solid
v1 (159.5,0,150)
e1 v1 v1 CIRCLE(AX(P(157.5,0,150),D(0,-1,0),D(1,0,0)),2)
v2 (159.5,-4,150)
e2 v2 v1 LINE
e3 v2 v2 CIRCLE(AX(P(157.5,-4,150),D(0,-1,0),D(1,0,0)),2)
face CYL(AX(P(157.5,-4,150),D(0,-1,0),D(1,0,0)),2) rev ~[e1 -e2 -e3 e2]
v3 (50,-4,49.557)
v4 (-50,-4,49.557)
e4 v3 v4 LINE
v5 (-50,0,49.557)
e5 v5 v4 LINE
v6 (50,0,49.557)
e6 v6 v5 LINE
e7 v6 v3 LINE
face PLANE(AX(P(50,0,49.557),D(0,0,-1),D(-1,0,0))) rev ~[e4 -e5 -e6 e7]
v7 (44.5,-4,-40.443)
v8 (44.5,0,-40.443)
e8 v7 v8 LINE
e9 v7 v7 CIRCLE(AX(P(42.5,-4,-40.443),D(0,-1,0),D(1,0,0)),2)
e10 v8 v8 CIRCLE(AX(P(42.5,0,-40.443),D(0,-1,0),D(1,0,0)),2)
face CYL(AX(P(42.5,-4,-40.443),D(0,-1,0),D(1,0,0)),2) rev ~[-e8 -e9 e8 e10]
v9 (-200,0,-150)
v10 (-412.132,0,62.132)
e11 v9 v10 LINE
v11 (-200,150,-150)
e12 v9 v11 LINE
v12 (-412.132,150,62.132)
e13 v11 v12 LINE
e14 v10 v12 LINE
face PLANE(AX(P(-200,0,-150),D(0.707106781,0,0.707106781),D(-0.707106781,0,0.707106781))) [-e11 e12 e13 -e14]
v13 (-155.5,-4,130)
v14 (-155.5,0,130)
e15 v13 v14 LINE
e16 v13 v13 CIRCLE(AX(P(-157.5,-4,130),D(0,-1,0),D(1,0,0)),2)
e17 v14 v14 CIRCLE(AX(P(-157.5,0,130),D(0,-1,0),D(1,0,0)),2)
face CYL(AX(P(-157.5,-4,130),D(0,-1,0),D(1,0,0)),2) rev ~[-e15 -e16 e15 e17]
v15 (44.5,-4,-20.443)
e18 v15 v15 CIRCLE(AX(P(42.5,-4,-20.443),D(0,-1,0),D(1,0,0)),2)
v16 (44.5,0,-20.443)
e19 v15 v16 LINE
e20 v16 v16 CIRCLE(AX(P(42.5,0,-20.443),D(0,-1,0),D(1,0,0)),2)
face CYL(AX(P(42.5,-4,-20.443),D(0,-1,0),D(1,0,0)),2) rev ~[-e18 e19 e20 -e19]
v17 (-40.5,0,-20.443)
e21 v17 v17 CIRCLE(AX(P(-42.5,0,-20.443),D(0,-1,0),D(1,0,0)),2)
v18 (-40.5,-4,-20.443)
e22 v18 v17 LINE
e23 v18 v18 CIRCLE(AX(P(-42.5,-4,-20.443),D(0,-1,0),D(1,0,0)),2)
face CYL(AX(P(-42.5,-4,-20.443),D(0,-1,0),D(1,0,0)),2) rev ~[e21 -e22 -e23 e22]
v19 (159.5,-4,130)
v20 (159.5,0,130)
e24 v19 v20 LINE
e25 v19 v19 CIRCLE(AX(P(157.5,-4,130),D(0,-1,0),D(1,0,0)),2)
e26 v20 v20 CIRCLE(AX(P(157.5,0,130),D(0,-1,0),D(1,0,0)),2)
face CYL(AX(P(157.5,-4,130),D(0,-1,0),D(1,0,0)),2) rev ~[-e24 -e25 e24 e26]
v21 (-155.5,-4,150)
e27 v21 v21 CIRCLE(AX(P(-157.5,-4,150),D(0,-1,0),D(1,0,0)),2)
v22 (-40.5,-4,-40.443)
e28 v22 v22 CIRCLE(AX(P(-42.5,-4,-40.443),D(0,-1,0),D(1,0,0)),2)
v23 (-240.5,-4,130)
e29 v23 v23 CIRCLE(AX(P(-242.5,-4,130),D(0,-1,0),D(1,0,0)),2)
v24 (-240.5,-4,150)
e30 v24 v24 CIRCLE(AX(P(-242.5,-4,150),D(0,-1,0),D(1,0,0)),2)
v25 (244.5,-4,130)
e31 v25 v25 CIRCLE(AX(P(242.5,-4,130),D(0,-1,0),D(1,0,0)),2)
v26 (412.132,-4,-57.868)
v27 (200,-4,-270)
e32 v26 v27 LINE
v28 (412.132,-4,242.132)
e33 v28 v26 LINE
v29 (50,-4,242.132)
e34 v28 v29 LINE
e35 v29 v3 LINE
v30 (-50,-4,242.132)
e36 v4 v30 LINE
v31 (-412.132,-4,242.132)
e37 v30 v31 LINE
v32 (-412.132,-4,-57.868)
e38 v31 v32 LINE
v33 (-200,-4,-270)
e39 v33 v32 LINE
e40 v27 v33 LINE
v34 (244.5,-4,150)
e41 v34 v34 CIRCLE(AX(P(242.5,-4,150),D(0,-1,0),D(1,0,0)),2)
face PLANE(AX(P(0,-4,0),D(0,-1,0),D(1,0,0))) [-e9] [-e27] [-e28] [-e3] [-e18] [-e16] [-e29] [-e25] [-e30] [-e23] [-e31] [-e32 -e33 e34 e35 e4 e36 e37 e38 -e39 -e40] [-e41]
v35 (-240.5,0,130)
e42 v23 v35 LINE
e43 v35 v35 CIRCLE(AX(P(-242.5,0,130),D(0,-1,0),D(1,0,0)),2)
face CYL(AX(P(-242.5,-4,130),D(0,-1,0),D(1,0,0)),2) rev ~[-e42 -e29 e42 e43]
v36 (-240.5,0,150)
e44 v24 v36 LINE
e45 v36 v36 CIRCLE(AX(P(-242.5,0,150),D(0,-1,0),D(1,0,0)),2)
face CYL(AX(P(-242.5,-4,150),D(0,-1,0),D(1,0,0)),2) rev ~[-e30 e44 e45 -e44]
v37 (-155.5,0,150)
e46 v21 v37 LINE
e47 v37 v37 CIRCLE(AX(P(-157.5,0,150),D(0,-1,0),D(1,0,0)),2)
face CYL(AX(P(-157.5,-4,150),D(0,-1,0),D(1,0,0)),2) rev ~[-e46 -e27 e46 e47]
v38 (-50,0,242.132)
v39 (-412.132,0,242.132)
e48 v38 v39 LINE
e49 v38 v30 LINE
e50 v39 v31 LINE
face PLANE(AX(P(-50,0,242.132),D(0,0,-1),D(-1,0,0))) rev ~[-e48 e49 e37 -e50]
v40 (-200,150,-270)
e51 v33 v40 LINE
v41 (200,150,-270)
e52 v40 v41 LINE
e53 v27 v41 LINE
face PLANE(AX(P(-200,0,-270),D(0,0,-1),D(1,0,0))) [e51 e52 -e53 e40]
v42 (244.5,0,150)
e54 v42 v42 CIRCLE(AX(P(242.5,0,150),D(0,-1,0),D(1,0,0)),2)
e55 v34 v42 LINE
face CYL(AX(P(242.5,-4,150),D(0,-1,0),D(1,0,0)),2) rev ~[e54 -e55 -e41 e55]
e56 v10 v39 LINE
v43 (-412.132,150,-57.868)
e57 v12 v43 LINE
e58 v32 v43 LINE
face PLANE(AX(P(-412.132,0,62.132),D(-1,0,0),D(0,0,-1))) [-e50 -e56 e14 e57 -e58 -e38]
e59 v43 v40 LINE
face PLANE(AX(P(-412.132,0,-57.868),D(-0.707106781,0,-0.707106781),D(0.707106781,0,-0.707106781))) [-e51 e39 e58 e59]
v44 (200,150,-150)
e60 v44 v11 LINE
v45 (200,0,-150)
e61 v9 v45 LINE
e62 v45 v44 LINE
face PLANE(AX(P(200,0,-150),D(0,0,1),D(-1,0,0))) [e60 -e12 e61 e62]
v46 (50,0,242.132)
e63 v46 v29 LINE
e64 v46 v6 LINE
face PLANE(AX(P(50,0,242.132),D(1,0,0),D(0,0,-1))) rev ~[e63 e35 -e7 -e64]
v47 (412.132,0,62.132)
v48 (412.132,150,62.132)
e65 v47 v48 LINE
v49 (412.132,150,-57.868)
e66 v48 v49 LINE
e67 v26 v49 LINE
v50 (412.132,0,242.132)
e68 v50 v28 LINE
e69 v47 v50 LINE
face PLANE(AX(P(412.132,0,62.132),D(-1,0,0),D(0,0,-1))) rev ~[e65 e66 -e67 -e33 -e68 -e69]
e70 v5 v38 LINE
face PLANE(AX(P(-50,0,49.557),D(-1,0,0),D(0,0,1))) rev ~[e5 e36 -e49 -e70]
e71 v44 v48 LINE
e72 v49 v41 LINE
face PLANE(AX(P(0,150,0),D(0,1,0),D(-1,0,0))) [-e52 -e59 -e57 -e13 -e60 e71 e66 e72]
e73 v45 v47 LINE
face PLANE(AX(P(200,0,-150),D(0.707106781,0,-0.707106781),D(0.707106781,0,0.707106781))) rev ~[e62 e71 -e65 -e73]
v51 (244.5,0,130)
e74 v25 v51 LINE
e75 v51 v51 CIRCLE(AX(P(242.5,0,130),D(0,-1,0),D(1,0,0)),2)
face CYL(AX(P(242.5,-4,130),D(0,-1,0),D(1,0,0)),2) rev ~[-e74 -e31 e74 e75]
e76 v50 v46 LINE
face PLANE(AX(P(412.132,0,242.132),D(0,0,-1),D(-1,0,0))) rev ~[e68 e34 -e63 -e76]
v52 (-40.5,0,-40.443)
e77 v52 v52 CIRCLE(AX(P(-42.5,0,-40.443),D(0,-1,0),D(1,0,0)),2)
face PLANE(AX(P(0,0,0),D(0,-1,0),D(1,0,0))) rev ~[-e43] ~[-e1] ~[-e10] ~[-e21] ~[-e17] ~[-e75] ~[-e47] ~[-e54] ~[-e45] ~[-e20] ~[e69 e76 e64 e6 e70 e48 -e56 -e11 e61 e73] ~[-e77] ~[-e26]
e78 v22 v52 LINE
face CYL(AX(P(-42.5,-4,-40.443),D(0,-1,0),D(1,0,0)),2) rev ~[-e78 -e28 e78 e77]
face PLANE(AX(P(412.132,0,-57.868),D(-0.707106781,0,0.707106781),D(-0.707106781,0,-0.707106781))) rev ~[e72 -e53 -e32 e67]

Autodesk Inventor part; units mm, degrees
ref_plane "YZ Plane" through (0, 0, 0) normal (1, 0, 0) x (0, 1, 0)
ref_plane "XZ Plane" through (0, 0, 0) normal (0, 1, 0) x (-1, 0, 0)
ref_plane "XY Plane" through (0, 0, 0) normal (0, 0, 1) x (1, 0, 0)
sketch "Sketch2" plane through (0, 0, 0) normal (0, 1, 0) x (-1, 0, 0)
  line L0 (-200, -150) -> (200, -150)
  line L1 (200, -150) -> (200, -200)
  line L2 (-200, -200) -> (-200, -150)
  line L3 (0, -269.3547) -> (0, -73.2831)
  line L4 (200, -200) -> (200, -270)
  line L5 (200, -270) -> (-200, -270)
  line L6 (-200, -270) -> (-200, -200)
  line L7 (200, -150) -> (412.132, 62.132)
  line L8 (200, -150) -> (500, -150) construction
  line L9 (412.132, 62.132) -> (412.132, -57.868)
  line L10 (412.132, -57.868) -> (200, -270)
  line L11 (-200, -150) -> (-412.132, 62.132)
  line L12 (-412.132, 62.132) -> (-412.132, -57.868)
  line L13 (-412.132, -57.868) -> (-200, -270)
  point P0 (0, 0)
  point P1 (0, -175)
  point P2 (412.5, 61.0149)
  dimension "d9" = 400
  dimension "d10" = 50
  dimension "d39" = 70
  dimension "d40" = 200
  dimension "d41" = 45
  dimension "d42" = 120
  dimension "d43" = 150
  dimension "d51" = 300
extrude "Extrusion2" add sketch "Sketch2" along normal blind 150
sketch "Sketch8" plane through (0, 0, 0) normal (0, -1, 0) x (1, 0, 0)
  line L0 (412.132, -57.868) -> (200, -270) projected
  line L1 (200, -270) -> (-200, -270) projected
  line L2 (-200, -270) -> (-412.132, -57.868) projected
  line L3 (-412.132, -57.868) -> (-412.132, 62.132) projected
  line L4 (-412.132, 62.132) -> (-200, -150) projected
  line L5 (-200, -150) -> (200, -150) projected
  line L6 (200, -150) -> (412.132, 62.132) projected
  line L7 (412.132, 62.132) -> (412.132, -57.868) projected
  line L8 (-412.132, 62.132) -> (-412.132, 242.132)
  line L9 (412.132, 62.132) -> (412.132, 242.132)
  line L10 (-412.132, 62.132) -> (-412.132, -57.868)
  line L11 (-412.132, -57.868) -> (-200, -270)
  line L12 (-200, -270) -> (200, -270)
  line L13 (200, -270) -> (412.132, -57.868)
  line L14 (412.132, -57.868) -> (412.132, 62.132)
  line L15 (50, 242.132) -> (50, 49.557)
  line L16 (50, 49.557) -> (-50, 49.557)
  line L17 (-50, 49.557) -> (-50, 242.132)
  line L18 (412.132, 242.132) -> (50, 242.132)
  line L19 (-50, 242.132) -> (-412.132, 242.132)
  dimension "d45" = 180
  dimension "d46" = 180
  dimension "d47" = 100
extrude "Extrusion9" add sketch "Sketch8" along normal blind 4
sketch "Sketch9" plane through (0, -4, 0) normal (0, -1, 0) x (1, 0, 0)
  line L0 (200, -270) -> (-200, -270) projected
  line L1 (-200, -270) -> (-412.132, -57.868) projected
  line L2 (-412.132, -57.868) -> (-412.132, 242.132) projected
  line L3 (-412.132, 242.132) -> (-50, 242.132) projected
  line L4 (-50, 242.132) -> (-50, 49.557) projected
  line L5 (-50, 49.557) -> (50, 49.557) projected
  line L6 (50, 49.557) -> (50, 242.132) projected
  line L7 (50, 242.132) -> (412.132, 242.132) projected
  line L8 (412.132, 242.132) -> (412.132, -57.868) projected
  line L9 (412.132, -57.868) -> (200, -270) projected
  line L10 (200, -270) -> (-200, -270) projected
  line L11 (-200, -270) -> (-412.132, -57.868) projected
  line L12 (-412.132, -57.868) -> (-412.132, 242.132) projected
  line L13 (-412.132, 242.132) -> (-50, 242.132) projected
  line L14 (-50, 242.132) -> (-50, 49.557) projected
  line L15 (-50, 49.557) -> (50, 49.557) projected
  line L16 (50, 49.557) -> (50, 242.132) projected
  line L17 (50, 242.132) -> (412.132, 242.132) projected
  line L18 (412.132, 242.132) -> (412.132, -57.868) projected
  line L19 (412.132, -57.868) -> (200, -270) projected
  line L20 (200, -270) -> (-200, -270) projected
  line L21 (-200, -270) -> (-412.132, -57.868) projected
  line L22 (-412.132, -57.868) -> (-412.132, 242.132) projected
  line L23 (-412.132, 242.132) -> (-50, 242.132) projected
  line L24 (-50, 242.132) -> (-50, 49.557) projected
  line L25 (-50, 49.557) -> (50, 49.557) projected
  line L26 (50, 49.557) -> (50, 242.132) projected
  line L27 (50, 242.132) -> (412.132, 242.132) projected
  line L28 (412.132, 242.132) -> (412.132, -57.868) projected
  line L29 (412.132, -57.868) -> (200, -270) projected
  line L30 (250, 110) -> (250, 190) projected
  line L31 (200, -150) -> (412.132, 62.132) projected
  line L32 (-200, -150) -> (200, -150) projected
  line L33 (-412.132, 62.132) -> (-200, -150) projected
  line L34 (-412.132, 242.132) -> (-412.132, 62.132) projected
  line L35 (-50, 242.132) -> (-412.132, 242.132) projected
  line L36 (-50, 49.557) -> (-50, 242.132) projected
  line L37 (50, 49.557) -> (-50, 49.557) projected
  line L38 (50, 242.132) -> (50, 49.557) projected
  line L39 (412.132, 242.132) -> (50, 242.132) projected
  line L40 (412.132, 62.132) -> (412.132, 242.132) projected
  line L41 (200, -150) -> (412.132, 62.132) projected
  line L42 (-200, -150) -> (200, -150) projected
  line L43 (-412.132, 62.132) -> (-200, -150) projected
  line L44 (-412.132, 242.132) -> (-412.132, 62.132) projected
  line L45 (-50, 242.132) -> (-412.132, 242.132) projected
  line L46 (-50, 49.557) -> (-50, 242.132) projected
  line L47 (50, 49.557) -> (-50, 49.557) projected
  line L48 (50, 242.132) -> (50, 49.557) projected
  line L49 (412.132, 242.132) -> (50, 242.132) projected
  line L50 (412.132, 62.132) -> (412.132, 242.132) projected
  circle A0 centre (242.5, 150) radius 2
  circle A1 centre (242.5, 130) radius 2
  line L51 (200, 190) -> (200, 110) construction
  circle A2 centre (157.5, 150) radius 2
  circle A3 centre (157.5, 130) radius 2
  circle A4 centre (42.5, -20.443) radius 2
  circle A5 centre (42.5, -40.443) radius 2
  circle A6 centre (-42.5, -20.443) radius 2
  circle A7 centre (-42.5, -40.443) radius 2
  circle A8 centre (-157.5, 150) radius 2
  circle A9 centre (-157.5, 130) radius 2
  circle A10 centre (-242.5, 150) radius 2
  circle A11 centre (-242.5, 130) radius 2
  point P0 (0, 0)
  point P1 (0, 19.557)
  point P2 (-200, 190)
  dimension "d52" = 4
  dimension "d54" = 7.5
  dimension "d55" = 4
  dimension "d56" = 0
  dimension "d57" = 20
  dimension "d58" = 4
  dimension "d59" = 4
  dimension "d60" = 0
  dimension "d61" = 20
  dimension "d62" = 4
  dimension "d63" = 4
  dimension "d64" = 0
  dimension "d65" = 20
extrude "Extrusion10" cut sketch "Sketch9" against normal up to surface (4 mm away) contours A0 | A1 | A2 | A3 | A4 | A5 | A6 | A7 | A8 | A9 | A10 | A11
equation "\"d40\" = 0.5 * d9"
properties part number "Charging Dock" material "ABS Plastic"
